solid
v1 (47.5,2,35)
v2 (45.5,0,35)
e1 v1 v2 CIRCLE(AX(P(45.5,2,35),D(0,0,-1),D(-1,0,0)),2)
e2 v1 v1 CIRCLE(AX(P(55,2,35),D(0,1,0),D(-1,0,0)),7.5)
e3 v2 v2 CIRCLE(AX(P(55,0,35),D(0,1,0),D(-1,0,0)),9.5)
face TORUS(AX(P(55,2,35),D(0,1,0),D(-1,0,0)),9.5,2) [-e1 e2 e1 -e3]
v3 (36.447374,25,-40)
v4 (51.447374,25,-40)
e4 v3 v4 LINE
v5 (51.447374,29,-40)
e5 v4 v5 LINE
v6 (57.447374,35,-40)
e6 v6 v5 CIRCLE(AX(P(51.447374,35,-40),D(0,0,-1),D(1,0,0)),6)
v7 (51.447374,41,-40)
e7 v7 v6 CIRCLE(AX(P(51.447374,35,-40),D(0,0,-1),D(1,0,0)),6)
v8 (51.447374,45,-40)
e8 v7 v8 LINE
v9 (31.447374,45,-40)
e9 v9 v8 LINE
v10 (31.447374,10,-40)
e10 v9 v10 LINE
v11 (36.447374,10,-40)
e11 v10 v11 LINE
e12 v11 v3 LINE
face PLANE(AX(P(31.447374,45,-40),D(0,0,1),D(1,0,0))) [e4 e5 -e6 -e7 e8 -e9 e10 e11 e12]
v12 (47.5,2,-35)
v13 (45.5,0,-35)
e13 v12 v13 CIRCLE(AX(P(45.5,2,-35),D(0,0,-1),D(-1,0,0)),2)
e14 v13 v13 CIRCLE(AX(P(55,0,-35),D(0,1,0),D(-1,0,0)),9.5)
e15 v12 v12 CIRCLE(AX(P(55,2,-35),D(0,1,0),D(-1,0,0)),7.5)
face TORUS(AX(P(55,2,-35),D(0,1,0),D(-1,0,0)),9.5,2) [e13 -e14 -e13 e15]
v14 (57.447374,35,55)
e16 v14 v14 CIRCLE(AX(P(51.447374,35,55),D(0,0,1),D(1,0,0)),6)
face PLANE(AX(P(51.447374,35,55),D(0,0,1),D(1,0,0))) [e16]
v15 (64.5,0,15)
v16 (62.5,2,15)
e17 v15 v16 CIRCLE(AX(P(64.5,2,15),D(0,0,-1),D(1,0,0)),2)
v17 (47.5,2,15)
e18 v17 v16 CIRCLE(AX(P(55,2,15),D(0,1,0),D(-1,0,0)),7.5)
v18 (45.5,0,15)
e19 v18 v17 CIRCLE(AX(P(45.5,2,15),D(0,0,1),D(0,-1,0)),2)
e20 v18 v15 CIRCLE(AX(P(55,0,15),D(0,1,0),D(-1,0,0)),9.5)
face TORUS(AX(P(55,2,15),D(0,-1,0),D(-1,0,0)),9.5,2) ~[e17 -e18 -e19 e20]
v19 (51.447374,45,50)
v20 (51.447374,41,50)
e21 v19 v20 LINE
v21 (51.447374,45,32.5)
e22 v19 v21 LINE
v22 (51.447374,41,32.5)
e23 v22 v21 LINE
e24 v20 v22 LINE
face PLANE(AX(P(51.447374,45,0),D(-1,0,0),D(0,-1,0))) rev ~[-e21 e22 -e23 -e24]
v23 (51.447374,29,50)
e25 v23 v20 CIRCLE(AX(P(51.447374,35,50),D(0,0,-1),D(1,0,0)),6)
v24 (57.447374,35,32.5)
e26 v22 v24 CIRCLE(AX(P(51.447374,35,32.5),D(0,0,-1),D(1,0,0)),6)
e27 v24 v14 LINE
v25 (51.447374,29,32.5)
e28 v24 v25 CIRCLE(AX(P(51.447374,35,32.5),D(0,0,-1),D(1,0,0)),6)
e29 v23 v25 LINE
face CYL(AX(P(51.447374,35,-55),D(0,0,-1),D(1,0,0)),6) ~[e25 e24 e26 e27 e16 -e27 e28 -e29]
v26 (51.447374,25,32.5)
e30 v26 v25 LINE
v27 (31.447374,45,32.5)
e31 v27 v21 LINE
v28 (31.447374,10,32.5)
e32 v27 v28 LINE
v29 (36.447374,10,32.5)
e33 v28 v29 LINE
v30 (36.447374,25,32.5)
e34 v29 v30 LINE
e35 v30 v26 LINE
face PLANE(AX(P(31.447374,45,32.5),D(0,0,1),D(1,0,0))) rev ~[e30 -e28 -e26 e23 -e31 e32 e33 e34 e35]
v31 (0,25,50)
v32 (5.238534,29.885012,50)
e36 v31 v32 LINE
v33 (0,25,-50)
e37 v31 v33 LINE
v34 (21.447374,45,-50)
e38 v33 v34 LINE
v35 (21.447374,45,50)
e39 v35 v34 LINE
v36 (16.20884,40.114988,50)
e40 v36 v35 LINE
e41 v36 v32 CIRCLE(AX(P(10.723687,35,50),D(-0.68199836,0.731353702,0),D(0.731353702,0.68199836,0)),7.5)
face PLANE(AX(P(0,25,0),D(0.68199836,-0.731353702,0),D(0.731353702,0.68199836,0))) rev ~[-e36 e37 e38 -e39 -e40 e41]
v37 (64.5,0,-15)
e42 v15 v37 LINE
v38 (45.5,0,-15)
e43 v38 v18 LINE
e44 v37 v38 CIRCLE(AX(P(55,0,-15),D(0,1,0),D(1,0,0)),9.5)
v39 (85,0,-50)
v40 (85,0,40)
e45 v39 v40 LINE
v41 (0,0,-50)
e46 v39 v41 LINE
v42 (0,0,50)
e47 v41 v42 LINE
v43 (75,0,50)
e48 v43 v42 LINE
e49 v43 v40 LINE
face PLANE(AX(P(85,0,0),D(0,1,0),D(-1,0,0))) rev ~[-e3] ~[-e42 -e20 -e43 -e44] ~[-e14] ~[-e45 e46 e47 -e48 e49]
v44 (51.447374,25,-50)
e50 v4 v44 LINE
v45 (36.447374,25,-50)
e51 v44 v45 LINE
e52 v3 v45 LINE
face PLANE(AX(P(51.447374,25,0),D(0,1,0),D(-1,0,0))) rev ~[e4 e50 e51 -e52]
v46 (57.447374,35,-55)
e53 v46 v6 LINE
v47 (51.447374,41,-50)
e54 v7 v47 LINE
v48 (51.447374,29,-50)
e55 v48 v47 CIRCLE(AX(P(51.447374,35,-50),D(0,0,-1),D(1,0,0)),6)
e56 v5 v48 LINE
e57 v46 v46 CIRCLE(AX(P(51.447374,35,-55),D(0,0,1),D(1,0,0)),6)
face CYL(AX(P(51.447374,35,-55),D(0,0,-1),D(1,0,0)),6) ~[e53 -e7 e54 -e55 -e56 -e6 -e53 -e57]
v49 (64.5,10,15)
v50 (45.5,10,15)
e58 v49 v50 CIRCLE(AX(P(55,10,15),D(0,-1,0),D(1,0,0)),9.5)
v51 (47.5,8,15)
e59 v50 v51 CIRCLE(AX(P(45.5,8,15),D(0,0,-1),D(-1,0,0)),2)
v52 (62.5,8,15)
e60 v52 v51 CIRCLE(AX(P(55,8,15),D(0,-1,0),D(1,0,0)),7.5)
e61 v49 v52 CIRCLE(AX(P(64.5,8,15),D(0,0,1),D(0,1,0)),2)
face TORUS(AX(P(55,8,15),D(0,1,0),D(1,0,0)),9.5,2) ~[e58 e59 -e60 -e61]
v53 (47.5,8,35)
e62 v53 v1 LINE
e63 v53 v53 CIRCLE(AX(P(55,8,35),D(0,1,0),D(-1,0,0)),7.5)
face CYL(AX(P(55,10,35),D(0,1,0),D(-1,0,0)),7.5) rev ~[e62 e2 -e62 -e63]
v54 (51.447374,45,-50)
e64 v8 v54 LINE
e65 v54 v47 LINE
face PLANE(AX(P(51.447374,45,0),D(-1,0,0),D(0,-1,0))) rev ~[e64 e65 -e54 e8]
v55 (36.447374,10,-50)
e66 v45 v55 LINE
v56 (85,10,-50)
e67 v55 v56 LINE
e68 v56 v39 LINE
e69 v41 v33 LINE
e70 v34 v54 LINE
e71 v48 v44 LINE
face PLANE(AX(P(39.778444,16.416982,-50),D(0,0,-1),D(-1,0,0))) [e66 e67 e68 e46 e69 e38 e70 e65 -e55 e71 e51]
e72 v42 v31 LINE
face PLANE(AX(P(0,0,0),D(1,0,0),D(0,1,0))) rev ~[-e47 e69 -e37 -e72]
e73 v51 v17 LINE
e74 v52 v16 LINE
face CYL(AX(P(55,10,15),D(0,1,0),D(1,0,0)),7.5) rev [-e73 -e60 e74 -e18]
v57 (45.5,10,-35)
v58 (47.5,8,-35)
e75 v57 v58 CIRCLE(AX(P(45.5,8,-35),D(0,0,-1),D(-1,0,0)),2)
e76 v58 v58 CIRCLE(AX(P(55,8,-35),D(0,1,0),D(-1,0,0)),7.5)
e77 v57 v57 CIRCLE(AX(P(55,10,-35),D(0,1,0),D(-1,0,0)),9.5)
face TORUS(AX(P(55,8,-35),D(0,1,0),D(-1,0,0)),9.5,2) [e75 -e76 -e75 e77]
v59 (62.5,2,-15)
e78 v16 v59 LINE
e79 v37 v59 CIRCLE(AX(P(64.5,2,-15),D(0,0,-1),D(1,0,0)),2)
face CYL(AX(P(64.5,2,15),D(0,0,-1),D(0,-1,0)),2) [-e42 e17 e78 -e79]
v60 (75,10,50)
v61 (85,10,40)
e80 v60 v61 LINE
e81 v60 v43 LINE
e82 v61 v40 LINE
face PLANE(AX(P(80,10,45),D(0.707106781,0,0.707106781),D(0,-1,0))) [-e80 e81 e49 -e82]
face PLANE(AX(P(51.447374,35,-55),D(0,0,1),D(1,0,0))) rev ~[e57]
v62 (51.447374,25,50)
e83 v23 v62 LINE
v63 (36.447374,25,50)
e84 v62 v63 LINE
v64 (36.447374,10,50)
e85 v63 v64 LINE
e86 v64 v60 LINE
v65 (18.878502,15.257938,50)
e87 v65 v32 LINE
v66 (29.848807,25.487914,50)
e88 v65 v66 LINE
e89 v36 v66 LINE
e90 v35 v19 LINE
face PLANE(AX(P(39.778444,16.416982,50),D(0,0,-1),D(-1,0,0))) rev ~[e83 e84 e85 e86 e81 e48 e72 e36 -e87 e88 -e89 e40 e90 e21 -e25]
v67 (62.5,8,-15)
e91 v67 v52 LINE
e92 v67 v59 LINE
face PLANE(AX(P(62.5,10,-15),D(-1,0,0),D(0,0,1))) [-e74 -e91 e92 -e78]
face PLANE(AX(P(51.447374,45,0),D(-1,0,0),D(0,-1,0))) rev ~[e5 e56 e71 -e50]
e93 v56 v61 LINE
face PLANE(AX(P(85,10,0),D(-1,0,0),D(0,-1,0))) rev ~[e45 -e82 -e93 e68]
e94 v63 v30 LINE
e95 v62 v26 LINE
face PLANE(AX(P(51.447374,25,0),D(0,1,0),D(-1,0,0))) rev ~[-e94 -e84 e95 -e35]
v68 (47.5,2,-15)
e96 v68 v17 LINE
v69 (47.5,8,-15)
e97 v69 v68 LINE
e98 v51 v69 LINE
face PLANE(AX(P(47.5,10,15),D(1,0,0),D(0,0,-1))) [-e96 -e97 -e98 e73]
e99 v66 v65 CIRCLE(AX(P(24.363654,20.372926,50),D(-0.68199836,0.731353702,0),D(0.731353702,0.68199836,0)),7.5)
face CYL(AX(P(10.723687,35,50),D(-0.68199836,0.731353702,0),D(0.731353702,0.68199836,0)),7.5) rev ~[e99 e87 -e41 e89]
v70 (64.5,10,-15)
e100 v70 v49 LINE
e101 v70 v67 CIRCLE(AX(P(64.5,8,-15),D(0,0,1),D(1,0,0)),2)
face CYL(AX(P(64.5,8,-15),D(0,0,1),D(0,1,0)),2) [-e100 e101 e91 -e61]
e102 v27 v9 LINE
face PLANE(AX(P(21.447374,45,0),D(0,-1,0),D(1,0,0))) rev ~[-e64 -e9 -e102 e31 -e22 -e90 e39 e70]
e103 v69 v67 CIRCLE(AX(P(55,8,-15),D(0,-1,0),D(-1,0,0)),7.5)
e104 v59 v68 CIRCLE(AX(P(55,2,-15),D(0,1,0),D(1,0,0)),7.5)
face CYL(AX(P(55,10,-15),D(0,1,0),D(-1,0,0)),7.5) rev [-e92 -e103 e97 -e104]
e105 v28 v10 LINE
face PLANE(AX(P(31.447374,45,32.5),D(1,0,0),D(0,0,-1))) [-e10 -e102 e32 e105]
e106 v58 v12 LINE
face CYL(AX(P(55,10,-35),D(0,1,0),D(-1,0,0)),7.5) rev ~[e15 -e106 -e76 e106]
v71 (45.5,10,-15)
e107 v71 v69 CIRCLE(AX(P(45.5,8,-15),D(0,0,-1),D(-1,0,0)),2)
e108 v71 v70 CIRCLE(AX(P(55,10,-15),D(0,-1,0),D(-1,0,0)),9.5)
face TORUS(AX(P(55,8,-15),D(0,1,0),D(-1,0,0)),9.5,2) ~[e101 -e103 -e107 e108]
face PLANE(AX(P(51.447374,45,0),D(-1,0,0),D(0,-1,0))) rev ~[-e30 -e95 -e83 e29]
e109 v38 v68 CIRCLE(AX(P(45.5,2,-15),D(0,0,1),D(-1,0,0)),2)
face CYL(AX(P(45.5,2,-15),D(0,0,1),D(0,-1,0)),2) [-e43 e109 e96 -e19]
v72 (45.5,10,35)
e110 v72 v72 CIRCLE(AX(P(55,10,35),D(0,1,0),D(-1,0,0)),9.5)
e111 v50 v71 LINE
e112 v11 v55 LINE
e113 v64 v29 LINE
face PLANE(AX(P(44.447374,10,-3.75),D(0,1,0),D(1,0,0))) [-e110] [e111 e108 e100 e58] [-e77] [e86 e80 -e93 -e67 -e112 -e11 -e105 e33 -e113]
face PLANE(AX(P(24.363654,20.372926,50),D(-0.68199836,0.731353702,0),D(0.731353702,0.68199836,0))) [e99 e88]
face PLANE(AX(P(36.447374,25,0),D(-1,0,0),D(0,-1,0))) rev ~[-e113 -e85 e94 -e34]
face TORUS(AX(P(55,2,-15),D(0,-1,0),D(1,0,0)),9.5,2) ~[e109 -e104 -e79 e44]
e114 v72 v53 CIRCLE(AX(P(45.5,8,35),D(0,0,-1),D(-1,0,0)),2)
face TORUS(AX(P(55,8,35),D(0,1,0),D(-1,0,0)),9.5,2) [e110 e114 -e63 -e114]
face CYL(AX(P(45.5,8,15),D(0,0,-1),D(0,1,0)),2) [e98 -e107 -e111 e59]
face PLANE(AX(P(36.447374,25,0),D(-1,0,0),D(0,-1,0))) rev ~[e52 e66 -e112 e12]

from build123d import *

# Parameters (mm, degrees)
BOSS_EXTRU_1_DEPTH      = 50
BOSS_EXTRU_2_DEPTH      = 55
BOSS_EXTRU_2_DEPTH_BACK = 55
ESQUISSE3_R             = 6
ESQUISSE4_W             = 26
ESQUISSE4_H             = 72.5
ENL_V_MAT_EXTRU_1_DEPTH = 35
ESQUISSE5_R             = 7.5
ENL_V_MAT_EXTRU_2_DEPTH = 20
ESQUISSE8_R             = 7.5
ENL_V_MAT_EXTRU_3_DEPTH = 108.121426428
CONG_1_R                = 2
CONG_2_R                = 2
CHANFREIN3_SIZE         = 10


with BuildPart() as part:
    # Esquisse1 → Boss.-Extru.1 (new, symmetric)
    with BuildSketch(Plane.XY):
        Polygon((0, 0), (0, 25), (21.4473742, 45), (51.4473742, 45), (51.4473742, 25), (36.4473742, 25), (36.4473742, 10), (85, 10), (85, 0), align=None)
    extrude(amount=BOSS_EXTRU_1_DEPTH, both=True)

    # Esquisse3 → Boss.-Extru.2 (add, two sides: drawn at the far end of the back side and taken through both)
    with BuildSketch(Plane.XY.offset(-BOSS_EXTRU_2_DEPTH_BACK)):
        with Locations((51.4473742, 35)):
            Circle(ESQUISSE3_R)
    extrude(amount=BOSS_EXTRU_2_DEPTH + BOSS_EXTRU_2_DEPTH_BACK)

    # Esquisse4 → Enlèv. mat.-Extru.1 (cut)
    with BuildSketch(Plane(origin=(0, 45, 0), x_dir=(1, 0, 0), z_dir=(0, 1, 0))):
        with Locations((44.4473742, 3.75)):
            Rectangle(ESQUISSE4_W, ESQUISSE4_H)
    extrude(amount=-ENL_V_MAT_EXTRU_1_DEPTH, mode=Mode.SUBTRACT)

    # Esquisse5 → Enlèv. mat.-Extru.2 (cut)
    with BuildSketch(Plane(origin=(-12.469550628, 13.371955922, 0), x_dir=(0.7313537016191717, 0.6819983600624974, 0), z_dir=(-0.6819983600624974, 0.7313537016191717, 0))):
        with Locations((31.712750858, -50)):
            Circle(ESQUISSE5_R)
    extrude(amount=-ENL_V_MAT_EXTRU_2_DEPTH, mode=Mode.SUBTRACT)

    # Esquisse8 → Enlèv. mat.-Extru.3 (cut, through all)
    with BuildSketch(Plane(origin=(0, 10, 0), x_dir=(1, 0, 0), z_dir=(0, 1, 0))):
        with Locations(Location((55, -35, 0), (0, 0, 180))):
            Circle(ESQUISSE8_R)
        with Locations(Location((55, 35, 0), (0, 0, 180))):
            Circle(ESQUISSE8_R)
        with BuildLine():
            Line((62.5, 15), (62.5, -15))
            ThreePointArc((62.5, -15), (55, -22.5), (47.5, -15))
            Line((47.5, -15), (47.5, 15))
            ThreePointArc((47.5, 15), (55, 22.5), (62.5, 15))
        make_face()
    extrude(amount=-ENL_V_MAT_EXTRU_3_DEPTH, mode=Mode.SUBTRACT)

    # Congé1
    cong_1_edges = [part.edges().sort_by_distance(p)[0] for p in [
        (55, 0, -22.5),
        (62.5, 0, 0),
        (55, 0, 22.5),
        (47.5, 0, 0),
        (55, 10, -22.5),
        (47.5, 10, 0),
        (55, 10, 22.5),
        (62.5, 10, 0),
    ]]
    fillet(cong_1_edges, radius=CONG_1_R)

    # Congé2
    cong_2_edges = [part.edges().sort_by_distance(p)[0] for p in [
        (62.5, 0, -35),
        (62.5, 10, -35),
        (62.5, 0, 35),
        (62.5, 10, 35),
    ]]
    fillet(cong_2_edges, radius=CONG_2_R)

    # Chanfrein3
    chanfrein3_edges = [part.edges().sort_by_distance(p)[0] for p in [
        (85, 5, 50),
    ]]
    chamfer(chanfrein3_edges, length=CHANFREIN3_SIZE)


solid = part.part
